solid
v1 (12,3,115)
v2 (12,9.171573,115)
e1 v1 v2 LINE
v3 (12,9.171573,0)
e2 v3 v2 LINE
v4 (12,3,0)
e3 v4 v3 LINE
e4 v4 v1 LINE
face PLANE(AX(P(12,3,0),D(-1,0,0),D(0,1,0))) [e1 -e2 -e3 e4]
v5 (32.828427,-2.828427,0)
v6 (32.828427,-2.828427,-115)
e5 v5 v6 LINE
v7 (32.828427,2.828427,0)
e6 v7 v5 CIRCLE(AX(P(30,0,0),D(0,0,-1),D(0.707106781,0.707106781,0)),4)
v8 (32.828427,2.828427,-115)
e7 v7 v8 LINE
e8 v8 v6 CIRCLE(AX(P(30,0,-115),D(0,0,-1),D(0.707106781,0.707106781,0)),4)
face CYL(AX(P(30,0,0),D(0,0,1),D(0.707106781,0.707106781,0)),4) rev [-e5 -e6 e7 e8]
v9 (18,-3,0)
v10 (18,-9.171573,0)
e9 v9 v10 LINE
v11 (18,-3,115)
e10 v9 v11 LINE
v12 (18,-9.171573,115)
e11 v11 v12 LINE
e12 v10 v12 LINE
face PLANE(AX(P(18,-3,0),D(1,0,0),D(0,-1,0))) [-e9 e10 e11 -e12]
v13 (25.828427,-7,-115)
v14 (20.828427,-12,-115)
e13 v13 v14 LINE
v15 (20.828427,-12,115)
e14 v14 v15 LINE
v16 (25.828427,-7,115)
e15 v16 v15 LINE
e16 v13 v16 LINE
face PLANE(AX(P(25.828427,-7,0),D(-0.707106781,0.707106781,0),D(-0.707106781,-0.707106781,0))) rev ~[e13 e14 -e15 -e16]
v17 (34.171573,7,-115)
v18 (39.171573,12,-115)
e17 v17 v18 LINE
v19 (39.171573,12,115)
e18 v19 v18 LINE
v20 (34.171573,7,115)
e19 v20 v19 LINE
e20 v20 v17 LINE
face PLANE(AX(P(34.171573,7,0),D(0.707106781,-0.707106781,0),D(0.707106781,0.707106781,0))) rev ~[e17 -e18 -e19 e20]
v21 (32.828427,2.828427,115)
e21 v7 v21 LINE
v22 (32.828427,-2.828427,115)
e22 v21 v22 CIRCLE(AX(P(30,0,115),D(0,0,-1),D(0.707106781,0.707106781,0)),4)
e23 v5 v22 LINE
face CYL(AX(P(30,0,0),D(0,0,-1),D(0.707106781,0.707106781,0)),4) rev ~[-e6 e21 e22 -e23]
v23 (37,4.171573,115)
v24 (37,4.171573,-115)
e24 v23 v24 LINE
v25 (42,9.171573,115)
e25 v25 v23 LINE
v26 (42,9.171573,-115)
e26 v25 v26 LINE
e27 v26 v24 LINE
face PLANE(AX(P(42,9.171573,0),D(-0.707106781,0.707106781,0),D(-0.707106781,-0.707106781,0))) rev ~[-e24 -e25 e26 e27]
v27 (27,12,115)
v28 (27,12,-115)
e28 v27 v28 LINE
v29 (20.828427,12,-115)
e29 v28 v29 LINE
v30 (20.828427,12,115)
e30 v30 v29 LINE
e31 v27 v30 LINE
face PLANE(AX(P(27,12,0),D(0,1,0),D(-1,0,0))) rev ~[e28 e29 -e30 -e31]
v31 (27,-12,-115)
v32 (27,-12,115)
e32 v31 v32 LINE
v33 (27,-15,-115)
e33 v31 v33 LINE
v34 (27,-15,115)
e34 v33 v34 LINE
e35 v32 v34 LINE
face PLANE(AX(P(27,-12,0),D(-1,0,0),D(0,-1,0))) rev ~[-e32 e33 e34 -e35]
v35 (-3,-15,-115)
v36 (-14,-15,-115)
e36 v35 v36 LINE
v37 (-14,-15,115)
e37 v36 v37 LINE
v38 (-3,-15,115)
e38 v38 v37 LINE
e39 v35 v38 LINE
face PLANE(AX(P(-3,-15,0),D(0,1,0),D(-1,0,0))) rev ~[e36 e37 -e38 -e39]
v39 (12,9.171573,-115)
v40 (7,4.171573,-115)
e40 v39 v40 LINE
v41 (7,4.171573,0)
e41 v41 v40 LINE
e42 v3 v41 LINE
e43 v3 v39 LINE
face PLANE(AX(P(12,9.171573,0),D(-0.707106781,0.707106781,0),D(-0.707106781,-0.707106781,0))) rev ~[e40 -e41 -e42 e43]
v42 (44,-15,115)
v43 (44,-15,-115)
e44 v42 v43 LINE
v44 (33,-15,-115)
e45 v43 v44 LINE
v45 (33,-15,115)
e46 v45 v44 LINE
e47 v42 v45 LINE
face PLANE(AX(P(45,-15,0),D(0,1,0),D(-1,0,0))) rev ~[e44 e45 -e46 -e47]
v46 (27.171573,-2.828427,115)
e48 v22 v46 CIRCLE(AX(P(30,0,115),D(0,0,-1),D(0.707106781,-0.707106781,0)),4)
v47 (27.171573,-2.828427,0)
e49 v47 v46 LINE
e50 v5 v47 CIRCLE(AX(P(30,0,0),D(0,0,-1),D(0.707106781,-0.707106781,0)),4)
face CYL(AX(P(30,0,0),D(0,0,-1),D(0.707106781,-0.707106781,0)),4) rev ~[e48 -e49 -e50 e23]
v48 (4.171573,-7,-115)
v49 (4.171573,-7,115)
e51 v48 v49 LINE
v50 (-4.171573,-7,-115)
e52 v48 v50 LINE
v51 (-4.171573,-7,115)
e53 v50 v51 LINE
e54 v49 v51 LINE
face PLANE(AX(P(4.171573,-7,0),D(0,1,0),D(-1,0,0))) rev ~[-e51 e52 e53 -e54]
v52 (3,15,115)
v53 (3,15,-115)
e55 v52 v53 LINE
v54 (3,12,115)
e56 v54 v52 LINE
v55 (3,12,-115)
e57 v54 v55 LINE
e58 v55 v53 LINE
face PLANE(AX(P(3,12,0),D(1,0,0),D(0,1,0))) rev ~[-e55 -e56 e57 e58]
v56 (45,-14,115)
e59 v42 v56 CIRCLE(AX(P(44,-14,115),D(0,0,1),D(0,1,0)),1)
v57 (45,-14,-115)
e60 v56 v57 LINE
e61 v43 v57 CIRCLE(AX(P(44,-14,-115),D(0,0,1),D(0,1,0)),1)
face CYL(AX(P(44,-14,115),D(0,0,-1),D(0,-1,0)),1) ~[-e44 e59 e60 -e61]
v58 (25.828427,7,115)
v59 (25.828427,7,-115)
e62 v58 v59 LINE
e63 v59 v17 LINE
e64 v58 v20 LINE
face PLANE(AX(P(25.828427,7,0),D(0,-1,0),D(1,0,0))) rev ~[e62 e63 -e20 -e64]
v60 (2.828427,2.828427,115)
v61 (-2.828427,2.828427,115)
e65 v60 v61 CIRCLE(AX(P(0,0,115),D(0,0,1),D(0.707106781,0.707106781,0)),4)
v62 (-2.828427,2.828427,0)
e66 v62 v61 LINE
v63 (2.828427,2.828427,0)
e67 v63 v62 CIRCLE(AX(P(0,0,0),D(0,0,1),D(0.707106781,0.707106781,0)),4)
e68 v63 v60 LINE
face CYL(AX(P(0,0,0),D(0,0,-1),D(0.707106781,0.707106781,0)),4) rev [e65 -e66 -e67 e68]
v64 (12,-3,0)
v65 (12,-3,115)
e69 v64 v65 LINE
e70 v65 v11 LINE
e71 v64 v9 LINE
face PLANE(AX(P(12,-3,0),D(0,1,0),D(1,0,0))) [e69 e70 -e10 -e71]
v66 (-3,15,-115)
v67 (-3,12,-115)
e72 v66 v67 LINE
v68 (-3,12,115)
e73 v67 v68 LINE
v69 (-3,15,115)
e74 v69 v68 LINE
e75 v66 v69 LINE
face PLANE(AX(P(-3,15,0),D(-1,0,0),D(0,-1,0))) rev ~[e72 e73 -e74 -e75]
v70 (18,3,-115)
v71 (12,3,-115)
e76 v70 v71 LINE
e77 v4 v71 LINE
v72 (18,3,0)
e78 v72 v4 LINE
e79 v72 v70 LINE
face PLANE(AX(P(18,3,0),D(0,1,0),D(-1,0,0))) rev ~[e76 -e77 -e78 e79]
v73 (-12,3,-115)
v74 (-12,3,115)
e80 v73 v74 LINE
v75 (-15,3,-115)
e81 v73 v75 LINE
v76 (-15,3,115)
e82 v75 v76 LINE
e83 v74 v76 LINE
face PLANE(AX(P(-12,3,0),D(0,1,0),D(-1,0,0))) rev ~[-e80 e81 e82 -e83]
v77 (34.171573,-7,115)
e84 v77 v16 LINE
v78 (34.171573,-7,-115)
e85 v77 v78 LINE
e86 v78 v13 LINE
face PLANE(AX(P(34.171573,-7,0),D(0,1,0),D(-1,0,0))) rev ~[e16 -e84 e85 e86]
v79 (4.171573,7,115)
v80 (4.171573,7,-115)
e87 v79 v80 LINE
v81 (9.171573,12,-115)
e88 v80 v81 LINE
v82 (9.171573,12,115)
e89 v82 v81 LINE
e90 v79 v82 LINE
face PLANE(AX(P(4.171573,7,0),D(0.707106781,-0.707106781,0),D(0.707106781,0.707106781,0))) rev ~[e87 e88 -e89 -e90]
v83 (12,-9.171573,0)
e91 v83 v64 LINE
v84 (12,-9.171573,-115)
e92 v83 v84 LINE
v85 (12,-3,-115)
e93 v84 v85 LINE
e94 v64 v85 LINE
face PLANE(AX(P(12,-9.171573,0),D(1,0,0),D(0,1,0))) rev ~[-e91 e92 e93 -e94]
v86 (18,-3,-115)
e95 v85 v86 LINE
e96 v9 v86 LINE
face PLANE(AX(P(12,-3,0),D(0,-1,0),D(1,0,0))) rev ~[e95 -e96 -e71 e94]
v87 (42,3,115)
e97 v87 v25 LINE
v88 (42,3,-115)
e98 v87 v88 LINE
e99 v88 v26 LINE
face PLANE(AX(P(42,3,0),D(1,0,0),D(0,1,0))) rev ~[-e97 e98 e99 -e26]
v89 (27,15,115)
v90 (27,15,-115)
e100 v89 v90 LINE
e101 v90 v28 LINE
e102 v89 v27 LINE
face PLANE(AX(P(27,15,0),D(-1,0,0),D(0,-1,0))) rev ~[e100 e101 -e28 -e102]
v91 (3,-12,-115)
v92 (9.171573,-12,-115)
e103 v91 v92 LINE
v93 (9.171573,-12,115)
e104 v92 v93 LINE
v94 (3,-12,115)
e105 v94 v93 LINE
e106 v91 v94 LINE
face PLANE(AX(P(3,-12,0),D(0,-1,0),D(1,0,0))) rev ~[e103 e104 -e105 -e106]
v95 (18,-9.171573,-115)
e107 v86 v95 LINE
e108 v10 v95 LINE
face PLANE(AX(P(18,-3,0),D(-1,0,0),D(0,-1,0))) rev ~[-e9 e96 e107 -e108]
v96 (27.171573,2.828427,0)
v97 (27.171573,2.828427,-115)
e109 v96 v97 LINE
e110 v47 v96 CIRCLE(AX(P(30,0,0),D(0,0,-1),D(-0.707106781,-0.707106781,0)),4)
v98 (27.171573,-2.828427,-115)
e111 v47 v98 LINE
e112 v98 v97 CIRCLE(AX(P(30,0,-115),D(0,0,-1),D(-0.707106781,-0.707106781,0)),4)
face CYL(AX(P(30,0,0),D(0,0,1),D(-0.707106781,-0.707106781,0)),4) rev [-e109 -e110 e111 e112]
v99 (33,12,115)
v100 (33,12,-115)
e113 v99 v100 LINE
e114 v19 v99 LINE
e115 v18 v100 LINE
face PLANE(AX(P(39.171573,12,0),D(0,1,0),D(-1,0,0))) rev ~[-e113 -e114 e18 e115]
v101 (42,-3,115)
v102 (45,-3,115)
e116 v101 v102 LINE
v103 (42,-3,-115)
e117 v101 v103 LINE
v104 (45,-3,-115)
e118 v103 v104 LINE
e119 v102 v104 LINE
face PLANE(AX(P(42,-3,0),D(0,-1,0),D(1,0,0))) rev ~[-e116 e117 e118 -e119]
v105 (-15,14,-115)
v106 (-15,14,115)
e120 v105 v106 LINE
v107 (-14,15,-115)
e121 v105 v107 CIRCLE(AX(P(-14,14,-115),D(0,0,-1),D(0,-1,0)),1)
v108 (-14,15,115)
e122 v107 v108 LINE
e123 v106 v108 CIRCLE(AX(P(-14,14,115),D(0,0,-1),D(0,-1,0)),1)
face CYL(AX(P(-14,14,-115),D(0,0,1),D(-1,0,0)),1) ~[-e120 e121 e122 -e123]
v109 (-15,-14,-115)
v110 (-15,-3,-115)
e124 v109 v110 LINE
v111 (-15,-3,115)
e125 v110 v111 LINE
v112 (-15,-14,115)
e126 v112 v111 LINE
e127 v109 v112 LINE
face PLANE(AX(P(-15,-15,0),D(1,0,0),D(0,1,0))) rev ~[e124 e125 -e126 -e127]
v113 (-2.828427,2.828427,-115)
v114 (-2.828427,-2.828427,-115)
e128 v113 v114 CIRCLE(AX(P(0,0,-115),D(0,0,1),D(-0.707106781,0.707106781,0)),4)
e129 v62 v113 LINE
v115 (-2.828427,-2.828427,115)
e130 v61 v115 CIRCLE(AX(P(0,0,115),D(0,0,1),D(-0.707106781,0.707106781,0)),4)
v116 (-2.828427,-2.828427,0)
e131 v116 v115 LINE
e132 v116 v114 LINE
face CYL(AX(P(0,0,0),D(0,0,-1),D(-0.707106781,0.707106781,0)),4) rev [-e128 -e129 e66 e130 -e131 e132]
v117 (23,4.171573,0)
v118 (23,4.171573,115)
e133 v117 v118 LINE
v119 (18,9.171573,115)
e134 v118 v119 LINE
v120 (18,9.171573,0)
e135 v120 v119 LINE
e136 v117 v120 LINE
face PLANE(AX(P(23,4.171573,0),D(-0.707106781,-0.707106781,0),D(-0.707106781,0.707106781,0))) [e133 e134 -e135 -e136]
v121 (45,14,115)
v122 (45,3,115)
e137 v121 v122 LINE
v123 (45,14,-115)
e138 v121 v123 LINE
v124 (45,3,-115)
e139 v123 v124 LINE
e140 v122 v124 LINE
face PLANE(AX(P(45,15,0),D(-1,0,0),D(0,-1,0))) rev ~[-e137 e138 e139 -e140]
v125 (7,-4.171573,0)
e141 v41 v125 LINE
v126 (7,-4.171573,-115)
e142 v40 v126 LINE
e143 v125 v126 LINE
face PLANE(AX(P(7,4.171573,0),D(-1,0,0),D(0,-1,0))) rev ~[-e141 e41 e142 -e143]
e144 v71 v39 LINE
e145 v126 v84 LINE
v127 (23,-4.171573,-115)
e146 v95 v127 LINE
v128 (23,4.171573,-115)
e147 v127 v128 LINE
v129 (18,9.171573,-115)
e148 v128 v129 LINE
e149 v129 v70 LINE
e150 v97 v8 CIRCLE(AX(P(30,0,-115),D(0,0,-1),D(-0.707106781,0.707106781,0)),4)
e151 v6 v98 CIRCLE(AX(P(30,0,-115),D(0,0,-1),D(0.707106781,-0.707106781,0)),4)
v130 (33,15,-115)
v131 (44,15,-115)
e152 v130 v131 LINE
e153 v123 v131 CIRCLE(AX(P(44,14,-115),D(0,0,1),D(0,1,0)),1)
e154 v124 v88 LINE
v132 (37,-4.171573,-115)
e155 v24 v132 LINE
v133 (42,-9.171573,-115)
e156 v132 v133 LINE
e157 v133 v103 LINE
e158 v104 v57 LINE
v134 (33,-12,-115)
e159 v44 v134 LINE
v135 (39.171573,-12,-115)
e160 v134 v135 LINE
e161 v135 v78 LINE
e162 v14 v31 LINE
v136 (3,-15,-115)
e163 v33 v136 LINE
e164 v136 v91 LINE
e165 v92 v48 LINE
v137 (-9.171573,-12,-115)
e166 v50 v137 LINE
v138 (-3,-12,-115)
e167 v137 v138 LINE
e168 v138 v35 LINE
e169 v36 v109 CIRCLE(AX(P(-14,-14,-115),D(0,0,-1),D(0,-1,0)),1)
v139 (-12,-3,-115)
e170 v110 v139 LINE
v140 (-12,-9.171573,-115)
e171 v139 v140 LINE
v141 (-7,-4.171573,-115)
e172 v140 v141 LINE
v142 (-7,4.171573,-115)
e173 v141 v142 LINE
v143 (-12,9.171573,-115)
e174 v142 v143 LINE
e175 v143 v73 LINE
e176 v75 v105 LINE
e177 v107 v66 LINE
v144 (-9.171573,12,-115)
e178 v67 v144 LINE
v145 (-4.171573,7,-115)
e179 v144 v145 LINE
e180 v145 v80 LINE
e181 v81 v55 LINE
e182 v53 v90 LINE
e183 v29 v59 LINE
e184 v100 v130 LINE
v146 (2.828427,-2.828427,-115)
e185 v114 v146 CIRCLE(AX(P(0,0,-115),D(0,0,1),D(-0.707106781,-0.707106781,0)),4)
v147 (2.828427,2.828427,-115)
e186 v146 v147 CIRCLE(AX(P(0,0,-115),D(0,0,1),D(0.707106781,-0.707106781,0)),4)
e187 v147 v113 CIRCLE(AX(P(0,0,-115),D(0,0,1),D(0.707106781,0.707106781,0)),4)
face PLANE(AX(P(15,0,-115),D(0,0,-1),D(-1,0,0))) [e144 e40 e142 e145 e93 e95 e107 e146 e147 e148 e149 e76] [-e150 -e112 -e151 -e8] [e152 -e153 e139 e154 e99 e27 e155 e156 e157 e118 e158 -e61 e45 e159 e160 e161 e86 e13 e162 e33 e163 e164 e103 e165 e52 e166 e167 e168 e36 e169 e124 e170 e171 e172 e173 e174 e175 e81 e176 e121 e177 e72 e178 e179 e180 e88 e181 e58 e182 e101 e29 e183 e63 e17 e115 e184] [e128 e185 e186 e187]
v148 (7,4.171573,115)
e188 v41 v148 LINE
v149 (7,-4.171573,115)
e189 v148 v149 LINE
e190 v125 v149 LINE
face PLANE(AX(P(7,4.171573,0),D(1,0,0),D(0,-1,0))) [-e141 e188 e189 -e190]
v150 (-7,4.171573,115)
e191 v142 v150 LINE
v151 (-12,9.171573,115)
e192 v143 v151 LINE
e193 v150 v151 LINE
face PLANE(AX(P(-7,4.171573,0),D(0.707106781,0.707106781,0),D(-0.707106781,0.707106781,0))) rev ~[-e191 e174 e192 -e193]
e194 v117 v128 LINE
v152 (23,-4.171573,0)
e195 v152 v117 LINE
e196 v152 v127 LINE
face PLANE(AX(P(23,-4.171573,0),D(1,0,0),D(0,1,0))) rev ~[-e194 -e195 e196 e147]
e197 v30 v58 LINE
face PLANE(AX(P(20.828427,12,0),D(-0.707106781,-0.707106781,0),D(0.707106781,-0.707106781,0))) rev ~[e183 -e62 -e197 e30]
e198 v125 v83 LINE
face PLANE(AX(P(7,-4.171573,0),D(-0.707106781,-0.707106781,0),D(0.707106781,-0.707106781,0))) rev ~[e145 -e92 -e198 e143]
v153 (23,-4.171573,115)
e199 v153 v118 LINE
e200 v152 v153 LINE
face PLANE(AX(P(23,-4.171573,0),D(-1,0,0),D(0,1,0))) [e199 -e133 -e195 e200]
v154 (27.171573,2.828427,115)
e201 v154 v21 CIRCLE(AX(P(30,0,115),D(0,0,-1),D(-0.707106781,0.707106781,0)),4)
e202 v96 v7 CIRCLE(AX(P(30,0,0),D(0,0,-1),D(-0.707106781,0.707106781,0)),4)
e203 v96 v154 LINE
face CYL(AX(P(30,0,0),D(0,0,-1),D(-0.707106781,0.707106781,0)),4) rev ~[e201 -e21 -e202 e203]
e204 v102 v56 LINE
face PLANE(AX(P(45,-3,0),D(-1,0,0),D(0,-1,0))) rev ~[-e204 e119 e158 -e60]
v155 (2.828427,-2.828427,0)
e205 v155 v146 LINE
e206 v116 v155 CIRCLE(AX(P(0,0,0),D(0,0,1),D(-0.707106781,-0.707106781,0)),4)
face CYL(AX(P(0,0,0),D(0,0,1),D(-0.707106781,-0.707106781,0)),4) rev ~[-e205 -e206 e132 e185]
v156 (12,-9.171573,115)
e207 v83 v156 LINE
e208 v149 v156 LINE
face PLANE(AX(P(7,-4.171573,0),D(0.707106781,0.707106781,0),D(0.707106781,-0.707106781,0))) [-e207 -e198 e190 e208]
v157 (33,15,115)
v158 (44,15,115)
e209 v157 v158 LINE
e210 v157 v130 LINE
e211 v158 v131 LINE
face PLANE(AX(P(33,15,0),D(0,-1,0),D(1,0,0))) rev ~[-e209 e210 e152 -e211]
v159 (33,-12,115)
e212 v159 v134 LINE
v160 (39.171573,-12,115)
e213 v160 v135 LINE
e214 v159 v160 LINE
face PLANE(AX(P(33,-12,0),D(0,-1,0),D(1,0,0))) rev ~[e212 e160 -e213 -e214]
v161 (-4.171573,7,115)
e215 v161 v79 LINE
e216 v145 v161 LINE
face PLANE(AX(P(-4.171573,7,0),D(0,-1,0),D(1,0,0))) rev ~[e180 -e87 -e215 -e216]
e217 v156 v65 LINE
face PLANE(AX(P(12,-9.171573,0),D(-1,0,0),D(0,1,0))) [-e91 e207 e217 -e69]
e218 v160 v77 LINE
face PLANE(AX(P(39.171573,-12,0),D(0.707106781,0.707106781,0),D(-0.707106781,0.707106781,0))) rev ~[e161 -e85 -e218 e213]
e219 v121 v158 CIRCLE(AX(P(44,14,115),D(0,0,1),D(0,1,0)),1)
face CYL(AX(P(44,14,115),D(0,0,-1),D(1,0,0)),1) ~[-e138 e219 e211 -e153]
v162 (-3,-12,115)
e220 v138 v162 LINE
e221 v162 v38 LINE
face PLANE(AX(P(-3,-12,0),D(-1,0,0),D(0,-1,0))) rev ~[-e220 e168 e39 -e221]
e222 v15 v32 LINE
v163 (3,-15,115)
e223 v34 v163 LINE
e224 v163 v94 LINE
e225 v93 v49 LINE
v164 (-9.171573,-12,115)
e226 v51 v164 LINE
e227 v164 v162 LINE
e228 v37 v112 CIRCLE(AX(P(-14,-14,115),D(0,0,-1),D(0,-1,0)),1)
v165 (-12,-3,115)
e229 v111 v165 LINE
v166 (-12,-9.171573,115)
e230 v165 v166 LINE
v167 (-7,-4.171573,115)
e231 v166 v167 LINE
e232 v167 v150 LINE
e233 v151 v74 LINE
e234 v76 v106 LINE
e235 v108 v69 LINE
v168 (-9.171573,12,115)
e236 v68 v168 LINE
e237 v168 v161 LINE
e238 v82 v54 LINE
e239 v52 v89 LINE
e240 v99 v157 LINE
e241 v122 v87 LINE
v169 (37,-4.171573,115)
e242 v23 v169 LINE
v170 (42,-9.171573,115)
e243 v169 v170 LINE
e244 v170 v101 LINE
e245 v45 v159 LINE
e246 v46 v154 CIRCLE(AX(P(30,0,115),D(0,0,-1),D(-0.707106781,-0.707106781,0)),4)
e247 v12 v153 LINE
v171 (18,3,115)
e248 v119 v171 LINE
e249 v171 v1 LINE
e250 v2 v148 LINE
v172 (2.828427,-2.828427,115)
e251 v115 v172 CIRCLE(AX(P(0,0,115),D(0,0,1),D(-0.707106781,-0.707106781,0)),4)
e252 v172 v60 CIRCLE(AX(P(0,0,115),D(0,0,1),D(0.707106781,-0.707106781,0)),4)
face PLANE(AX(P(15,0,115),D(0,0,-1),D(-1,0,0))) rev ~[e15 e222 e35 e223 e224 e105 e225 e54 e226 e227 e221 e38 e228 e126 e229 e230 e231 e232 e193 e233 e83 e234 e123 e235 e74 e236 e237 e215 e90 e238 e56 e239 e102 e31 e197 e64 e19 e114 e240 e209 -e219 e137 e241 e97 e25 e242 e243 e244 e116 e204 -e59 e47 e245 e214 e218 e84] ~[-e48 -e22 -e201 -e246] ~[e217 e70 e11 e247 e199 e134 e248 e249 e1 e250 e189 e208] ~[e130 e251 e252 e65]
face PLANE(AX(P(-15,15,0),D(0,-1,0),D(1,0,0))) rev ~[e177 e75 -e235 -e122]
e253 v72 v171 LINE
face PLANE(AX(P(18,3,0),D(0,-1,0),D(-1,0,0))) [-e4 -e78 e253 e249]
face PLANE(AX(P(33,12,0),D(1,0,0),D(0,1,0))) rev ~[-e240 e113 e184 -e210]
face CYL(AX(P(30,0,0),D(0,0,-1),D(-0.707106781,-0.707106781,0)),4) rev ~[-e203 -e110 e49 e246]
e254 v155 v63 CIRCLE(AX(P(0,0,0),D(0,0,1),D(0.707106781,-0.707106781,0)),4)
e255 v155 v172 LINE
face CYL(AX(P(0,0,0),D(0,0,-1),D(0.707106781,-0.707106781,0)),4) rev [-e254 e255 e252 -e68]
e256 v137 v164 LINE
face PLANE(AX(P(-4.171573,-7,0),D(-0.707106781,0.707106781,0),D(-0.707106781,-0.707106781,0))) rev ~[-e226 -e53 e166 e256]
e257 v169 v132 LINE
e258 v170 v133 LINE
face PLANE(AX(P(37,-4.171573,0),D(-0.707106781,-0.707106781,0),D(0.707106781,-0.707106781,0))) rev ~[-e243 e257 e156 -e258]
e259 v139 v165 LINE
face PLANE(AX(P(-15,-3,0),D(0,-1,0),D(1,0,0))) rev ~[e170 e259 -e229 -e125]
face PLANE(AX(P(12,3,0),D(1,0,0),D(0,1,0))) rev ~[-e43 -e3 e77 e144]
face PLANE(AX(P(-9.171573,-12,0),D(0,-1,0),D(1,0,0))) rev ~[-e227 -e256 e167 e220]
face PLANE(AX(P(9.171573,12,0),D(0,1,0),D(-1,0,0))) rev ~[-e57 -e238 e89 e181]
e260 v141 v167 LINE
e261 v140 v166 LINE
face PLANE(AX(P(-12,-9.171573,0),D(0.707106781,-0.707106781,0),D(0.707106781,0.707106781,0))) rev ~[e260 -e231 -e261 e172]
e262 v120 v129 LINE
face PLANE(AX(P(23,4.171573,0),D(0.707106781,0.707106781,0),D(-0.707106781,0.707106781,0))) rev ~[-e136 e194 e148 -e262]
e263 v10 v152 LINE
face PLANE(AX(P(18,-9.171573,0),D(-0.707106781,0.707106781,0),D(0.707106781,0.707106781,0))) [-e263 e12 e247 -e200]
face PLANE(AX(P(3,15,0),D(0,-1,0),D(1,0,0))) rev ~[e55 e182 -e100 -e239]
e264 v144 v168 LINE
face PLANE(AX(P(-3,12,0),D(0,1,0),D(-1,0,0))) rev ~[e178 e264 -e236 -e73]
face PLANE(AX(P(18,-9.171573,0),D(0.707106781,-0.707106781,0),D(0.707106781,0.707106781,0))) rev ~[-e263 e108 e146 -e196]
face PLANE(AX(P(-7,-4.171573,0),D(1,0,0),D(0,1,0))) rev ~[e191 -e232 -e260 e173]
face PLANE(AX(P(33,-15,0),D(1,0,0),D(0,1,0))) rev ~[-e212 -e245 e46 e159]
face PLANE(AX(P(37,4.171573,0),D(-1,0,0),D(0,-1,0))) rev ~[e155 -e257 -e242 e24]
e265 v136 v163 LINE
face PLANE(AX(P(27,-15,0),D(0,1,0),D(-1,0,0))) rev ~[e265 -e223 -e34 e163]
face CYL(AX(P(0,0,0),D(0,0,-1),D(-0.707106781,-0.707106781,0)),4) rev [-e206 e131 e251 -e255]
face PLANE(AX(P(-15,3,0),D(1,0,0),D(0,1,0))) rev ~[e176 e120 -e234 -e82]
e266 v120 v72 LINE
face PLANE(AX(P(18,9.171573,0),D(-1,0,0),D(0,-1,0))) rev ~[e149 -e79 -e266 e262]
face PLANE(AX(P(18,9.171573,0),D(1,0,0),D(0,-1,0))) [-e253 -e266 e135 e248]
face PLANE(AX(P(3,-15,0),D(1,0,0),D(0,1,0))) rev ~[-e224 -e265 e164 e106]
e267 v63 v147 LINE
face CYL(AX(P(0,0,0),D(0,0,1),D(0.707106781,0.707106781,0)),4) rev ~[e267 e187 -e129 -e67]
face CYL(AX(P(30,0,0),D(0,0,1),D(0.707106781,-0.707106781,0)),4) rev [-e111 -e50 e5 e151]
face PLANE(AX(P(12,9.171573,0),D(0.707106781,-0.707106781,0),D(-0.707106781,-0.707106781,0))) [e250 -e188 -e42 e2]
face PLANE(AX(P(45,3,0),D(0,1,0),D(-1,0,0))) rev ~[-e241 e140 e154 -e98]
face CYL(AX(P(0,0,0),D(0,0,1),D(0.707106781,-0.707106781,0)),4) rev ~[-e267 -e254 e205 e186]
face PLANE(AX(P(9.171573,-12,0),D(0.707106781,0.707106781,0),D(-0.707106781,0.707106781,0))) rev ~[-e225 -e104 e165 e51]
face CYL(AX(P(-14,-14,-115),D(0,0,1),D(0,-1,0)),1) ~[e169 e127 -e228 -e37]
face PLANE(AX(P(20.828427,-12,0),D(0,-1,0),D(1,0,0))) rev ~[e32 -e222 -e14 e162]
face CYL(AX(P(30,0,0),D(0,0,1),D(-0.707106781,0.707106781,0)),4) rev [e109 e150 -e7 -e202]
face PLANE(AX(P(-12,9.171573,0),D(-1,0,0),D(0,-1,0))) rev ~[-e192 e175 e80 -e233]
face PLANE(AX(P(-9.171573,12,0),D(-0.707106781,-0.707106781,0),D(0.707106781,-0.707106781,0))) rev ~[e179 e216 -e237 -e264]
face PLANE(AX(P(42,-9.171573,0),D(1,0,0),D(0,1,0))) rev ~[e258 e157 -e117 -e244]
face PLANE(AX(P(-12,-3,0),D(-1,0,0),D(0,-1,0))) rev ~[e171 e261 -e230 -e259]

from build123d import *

# Parameters (mm, degrees)
SALIENTE_EXTRUIR1_DEPTH = 115
REDONDEO1_R             = 1


with BuildPart() as part:
    # Croquis1 → Saliente-Extruir1 (new body, symmetric)
    with BuildSketch(Plane.XY):
        Polygon((-4.171572875, 7), (4.171572875, 7), (9.171572875, 12), (3, 12), (3, 15), (27, 15), (27, 12), (20.828427125, 12), (25.828427125, 7), (34.171572875, 7), (39.171572875, 12), (33, 12), (33, 15), (45, 15), (45, 3), (42, 3), (42, 9.171572875), (37, 4.171572875), (37, -4.171572875), (42, -9.171572875), (42, -3), (45, -3), (45, -15), (33, -15), (33, -12), (39.171572875, -12), (34.171572875, -7), (25.828427125, -7), (20.828427125, -12), (27, -12), (27, -15), (3, -15), (3, -12), (9.171572875, -12), (4.171572875, -7), (-4.171572875, -7), (-9.171572875, -12), (-3, -12), (-3, -15), (-15, -15), (-15, -3), (-12, -3), (-12, -9.171572875), (-7, -4.171572875), (-7, 4.171572875), (-12, 9.171572875), (-12, 3), (-15, 3), (-15, 15), (-3, 15), (-3, 12), (-9.171572875, 12), align=None)
        Polygon((7, 4.171572875), (7, -4.171572875), (12, -9.171572875), (12, -3), (18, -3), (18, -9.171572875), (23, -4.171572875), (23, 4.171572875), (18, 9.171572875), (18, 3), (12, 3), (12, 9.171572875), align=None, mode=Mode.SUBTRACT)
        with BuildLine():
            ThreePointArc((2.828427125, 2.828427125), (0, 4), (-2.828427125, 2.828427125))
            ThreePointArc((-2.828427125, 2.828427125), (-4, 0), (-2.828427125, -2.828427125))
            ThreePointArc((-2.828427125, -2.828427125), (0, -4), (2.828427125, -2.828427125))
            ThreePointArc((2.828427125, -2.828427125), (4, 0), (2.828427125, 2.828427125))
        make_face(mode=Mode.SUBTRACT)
        with BuildLine():
            ThreePointArc((32.828427125, 2.828427125), (34, 0), (32.828427125, -2.828427125))
            ThreePointArc((32.828427125, -2.828427125), (30, -4), (27.171572875, -2.828427125))
            ThreePointArc((27.171572875, -2.828427125), (26, 0), (27.171572875, 2.828427125))
            ThreePointArc((27.171572875, 2.828427125), (30, 4), (32.828427125, 2.828427125))
        make_face(mode=Mode.SUBTRACT)
    extrude(amount=SALIENTE_EXTRUIR1_DEPTH, both=True)

    # Redondeo1
    redondeo1_edges = [part.edges().sort_by_distance(p)[0] for p in [
        (-15, 15, 0),
        (45, 15, 0),
        (45, -15, 0),
        (-15, -15, 0),
    ]]
    fillet(redondeo1_edges, radius=REDONDEO1_R)


solid = part.part
